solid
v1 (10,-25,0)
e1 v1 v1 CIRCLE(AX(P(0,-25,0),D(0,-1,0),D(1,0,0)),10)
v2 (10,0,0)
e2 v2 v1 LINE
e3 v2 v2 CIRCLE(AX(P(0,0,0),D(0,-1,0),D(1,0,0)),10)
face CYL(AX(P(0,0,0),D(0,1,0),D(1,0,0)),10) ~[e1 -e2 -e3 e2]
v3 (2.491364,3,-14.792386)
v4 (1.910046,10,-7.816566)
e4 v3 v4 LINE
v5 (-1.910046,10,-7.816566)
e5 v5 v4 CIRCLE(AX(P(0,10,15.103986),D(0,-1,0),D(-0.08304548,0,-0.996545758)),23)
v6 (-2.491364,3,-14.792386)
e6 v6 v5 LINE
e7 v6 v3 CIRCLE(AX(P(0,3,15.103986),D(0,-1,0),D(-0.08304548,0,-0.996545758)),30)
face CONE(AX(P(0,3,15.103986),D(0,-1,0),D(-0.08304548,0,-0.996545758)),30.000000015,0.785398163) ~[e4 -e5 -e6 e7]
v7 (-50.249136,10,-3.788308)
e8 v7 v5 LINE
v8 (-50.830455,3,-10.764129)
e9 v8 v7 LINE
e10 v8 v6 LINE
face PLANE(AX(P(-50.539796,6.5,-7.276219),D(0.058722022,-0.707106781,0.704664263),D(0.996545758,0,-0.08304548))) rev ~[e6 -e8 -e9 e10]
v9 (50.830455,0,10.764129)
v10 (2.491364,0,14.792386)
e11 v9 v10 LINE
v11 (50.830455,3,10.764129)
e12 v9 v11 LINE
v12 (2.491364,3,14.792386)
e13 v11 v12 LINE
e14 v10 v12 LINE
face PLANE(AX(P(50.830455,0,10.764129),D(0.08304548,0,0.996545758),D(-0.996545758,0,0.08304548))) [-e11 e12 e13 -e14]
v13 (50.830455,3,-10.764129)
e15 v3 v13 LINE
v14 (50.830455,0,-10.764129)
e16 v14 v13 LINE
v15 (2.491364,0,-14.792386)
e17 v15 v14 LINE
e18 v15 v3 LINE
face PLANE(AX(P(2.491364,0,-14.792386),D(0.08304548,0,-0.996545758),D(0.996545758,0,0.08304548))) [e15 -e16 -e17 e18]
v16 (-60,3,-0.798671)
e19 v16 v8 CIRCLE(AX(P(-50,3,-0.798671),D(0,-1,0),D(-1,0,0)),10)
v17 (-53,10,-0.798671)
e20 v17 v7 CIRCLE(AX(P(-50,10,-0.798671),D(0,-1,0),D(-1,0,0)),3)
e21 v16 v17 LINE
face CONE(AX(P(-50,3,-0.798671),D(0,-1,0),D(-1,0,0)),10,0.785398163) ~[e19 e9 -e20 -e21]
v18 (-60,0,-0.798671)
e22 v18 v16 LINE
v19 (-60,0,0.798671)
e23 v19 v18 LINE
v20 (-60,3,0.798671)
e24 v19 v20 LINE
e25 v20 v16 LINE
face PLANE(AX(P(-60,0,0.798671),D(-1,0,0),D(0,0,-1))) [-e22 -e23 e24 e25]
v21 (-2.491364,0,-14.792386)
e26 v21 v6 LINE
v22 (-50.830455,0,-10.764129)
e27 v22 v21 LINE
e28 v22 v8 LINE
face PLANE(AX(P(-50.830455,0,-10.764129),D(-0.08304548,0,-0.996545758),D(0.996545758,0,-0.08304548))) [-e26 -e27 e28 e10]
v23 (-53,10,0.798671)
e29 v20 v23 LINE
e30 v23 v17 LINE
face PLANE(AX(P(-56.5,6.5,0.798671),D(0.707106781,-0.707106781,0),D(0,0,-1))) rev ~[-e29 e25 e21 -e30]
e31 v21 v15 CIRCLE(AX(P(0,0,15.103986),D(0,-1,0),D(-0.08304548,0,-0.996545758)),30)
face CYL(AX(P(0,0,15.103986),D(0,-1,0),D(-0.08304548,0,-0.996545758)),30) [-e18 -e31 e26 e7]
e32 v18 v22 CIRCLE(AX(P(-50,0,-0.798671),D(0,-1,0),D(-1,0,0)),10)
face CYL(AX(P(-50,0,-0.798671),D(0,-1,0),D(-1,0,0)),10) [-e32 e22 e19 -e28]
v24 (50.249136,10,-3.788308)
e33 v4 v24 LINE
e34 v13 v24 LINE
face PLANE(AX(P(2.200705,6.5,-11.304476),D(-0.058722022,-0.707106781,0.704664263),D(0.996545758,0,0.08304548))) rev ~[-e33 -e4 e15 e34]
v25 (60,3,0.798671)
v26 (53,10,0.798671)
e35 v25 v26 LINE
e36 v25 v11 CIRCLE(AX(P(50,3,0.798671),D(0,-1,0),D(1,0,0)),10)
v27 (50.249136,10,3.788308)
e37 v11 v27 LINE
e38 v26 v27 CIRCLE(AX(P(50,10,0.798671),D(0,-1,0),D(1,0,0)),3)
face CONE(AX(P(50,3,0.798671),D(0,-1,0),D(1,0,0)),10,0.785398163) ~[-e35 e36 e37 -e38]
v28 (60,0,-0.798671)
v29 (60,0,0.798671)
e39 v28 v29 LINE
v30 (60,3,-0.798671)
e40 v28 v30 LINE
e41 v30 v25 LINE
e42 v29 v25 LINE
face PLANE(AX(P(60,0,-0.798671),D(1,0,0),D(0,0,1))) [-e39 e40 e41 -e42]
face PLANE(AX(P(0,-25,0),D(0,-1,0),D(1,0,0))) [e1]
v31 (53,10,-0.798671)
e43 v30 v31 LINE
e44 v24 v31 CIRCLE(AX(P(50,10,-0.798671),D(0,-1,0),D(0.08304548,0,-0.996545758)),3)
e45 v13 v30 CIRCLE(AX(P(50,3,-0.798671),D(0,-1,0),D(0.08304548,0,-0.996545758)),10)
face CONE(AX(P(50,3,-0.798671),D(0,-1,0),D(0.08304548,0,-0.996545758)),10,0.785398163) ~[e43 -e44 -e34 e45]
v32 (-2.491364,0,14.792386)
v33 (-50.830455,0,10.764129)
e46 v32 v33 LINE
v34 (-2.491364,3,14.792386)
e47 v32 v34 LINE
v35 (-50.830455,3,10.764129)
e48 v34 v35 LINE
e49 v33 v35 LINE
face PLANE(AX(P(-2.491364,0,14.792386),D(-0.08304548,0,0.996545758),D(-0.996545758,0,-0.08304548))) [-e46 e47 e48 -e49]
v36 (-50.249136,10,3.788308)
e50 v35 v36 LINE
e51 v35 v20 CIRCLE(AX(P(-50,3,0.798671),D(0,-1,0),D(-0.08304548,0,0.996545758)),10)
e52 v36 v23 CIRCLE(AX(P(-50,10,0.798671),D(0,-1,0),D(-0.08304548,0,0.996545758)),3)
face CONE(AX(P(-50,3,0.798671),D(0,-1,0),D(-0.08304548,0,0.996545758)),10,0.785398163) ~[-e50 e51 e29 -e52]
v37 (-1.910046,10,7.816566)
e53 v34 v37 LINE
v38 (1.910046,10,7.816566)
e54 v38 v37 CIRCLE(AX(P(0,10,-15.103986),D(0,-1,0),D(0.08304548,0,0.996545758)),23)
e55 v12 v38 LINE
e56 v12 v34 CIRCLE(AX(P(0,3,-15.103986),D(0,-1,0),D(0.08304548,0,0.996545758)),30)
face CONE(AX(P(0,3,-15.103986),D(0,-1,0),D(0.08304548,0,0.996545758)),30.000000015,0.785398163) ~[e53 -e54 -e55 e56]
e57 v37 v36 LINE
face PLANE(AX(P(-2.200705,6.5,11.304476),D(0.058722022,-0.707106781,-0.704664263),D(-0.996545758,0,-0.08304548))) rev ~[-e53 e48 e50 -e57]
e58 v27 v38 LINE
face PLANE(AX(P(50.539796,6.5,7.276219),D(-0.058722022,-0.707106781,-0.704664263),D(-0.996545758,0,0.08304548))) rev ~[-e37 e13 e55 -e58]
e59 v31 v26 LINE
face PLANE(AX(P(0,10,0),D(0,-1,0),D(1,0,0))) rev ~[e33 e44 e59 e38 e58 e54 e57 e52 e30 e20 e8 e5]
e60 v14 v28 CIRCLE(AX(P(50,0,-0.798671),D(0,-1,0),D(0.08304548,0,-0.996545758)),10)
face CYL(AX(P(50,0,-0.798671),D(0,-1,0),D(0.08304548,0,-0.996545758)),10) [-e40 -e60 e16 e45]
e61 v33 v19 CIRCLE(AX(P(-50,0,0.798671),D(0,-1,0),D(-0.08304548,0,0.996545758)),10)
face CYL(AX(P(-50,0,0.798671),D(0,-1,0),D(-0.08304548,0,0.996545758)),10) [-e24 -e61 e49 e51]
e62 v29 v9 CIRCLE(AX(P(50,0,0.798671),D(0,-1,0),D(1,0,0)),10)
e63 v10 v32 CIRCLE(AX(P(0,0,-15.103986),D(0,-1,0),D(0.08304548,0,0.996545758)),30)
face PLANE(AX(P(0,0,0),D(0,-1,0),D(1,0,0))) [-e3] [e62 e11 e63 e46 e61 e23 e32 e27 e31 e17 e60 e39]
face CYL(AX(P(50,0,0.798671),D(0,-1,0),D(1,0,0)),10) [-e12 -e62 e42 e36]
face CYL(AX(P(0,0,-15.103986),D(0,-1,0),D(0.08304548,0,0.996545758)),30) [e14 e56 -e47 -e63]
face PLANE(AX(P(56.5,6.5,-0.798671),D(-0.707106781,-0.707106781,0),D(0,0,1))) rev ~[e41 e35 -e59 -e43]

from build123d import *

# Parameters (mm, degrees)
F0_R     = 10
F1_DEPTH = 25
F3_DEPTH = 10
F4_SIZE  = 7


with BuildPart() as f1:
    # F0 (on Front) → F1 (new body)
    with BuildSketch(Plane.XZ):
        Circle(F0_R)
    extrude(amount=F1_DEPTH)

    # F2 (on Front) → F3 (join)
    with BuildSketch(Plane.XZ):
        with BuildLine():
            Line((-50.8304547985, -10.7641287668), (-2.4913643956, -14.7923863004))
            ThreePointArc((-2.4913643956, -14.7923863004), (0, -14.896013553), (2.4913643956, -14.7923863004))
            Line((2.4913643956, -14.7923863004), (50.8304547985, -10.7641287668))
            ThreePointArc((50.8304547985, -10.7641287668), (57.3588228673, -7.5697660742), (60, -0.7986711843))
            Line((60, -0.7986711843), (60, 0.7986711843))
            ThreePointArc((60, 0.7986711843), (57.3588228673, 7.5697660742), (50.8304547985, 10.7641287668))
            Line((50.8304547985, 10.7641287668), (2.4913643956, 14.7923863004))
            ThreePointArc((2.4913643956, 14.7923863004), (0, 14.896013553), (-2.4913643956, 14.7923863004))
            Line((-2.4913643956, 14.7923863004), (-50.8304547985, 10.7641287668))
            ThreePointArc((-50.8304547985, 10.7641287668), (-57.3588228673, 7.5697660742), (-60, 0.7986711843))
            Line((-60, 0.7986711843), (-60, -0.7986711843))
            ThreePointArc((-60, -0.7986711843), (-57.3588228673, -7.5697660742), (-50.8304547985, -10.7641287668))
        make_face()
    extrude(amount=-F3_DEPTH)

    # F4
    f4_edges = [f1.edges().sort_by_distance(p)[0] for p in [
        (-26.66091, 10, -12.778258),
        (0, 10, -14.896014),
        (26.66091, 10, -12.778258),
        (57.358823, 10, -7.569766),
        (60, 10, 0),
        (57.358823, 10, 7.569766),
        (26.66091, 10, 12.778258),
        (0, 10, 14.896014),
        (-26.66091, 10, 12.778258),
        (-57.358823, 10, 7.569766),
        (-60, 10, 0),
        (-57.358823, 10, -7.569766),
    ]]
    chamfer(f4_edges, length=F4_SIZE)


solid = f1.part
